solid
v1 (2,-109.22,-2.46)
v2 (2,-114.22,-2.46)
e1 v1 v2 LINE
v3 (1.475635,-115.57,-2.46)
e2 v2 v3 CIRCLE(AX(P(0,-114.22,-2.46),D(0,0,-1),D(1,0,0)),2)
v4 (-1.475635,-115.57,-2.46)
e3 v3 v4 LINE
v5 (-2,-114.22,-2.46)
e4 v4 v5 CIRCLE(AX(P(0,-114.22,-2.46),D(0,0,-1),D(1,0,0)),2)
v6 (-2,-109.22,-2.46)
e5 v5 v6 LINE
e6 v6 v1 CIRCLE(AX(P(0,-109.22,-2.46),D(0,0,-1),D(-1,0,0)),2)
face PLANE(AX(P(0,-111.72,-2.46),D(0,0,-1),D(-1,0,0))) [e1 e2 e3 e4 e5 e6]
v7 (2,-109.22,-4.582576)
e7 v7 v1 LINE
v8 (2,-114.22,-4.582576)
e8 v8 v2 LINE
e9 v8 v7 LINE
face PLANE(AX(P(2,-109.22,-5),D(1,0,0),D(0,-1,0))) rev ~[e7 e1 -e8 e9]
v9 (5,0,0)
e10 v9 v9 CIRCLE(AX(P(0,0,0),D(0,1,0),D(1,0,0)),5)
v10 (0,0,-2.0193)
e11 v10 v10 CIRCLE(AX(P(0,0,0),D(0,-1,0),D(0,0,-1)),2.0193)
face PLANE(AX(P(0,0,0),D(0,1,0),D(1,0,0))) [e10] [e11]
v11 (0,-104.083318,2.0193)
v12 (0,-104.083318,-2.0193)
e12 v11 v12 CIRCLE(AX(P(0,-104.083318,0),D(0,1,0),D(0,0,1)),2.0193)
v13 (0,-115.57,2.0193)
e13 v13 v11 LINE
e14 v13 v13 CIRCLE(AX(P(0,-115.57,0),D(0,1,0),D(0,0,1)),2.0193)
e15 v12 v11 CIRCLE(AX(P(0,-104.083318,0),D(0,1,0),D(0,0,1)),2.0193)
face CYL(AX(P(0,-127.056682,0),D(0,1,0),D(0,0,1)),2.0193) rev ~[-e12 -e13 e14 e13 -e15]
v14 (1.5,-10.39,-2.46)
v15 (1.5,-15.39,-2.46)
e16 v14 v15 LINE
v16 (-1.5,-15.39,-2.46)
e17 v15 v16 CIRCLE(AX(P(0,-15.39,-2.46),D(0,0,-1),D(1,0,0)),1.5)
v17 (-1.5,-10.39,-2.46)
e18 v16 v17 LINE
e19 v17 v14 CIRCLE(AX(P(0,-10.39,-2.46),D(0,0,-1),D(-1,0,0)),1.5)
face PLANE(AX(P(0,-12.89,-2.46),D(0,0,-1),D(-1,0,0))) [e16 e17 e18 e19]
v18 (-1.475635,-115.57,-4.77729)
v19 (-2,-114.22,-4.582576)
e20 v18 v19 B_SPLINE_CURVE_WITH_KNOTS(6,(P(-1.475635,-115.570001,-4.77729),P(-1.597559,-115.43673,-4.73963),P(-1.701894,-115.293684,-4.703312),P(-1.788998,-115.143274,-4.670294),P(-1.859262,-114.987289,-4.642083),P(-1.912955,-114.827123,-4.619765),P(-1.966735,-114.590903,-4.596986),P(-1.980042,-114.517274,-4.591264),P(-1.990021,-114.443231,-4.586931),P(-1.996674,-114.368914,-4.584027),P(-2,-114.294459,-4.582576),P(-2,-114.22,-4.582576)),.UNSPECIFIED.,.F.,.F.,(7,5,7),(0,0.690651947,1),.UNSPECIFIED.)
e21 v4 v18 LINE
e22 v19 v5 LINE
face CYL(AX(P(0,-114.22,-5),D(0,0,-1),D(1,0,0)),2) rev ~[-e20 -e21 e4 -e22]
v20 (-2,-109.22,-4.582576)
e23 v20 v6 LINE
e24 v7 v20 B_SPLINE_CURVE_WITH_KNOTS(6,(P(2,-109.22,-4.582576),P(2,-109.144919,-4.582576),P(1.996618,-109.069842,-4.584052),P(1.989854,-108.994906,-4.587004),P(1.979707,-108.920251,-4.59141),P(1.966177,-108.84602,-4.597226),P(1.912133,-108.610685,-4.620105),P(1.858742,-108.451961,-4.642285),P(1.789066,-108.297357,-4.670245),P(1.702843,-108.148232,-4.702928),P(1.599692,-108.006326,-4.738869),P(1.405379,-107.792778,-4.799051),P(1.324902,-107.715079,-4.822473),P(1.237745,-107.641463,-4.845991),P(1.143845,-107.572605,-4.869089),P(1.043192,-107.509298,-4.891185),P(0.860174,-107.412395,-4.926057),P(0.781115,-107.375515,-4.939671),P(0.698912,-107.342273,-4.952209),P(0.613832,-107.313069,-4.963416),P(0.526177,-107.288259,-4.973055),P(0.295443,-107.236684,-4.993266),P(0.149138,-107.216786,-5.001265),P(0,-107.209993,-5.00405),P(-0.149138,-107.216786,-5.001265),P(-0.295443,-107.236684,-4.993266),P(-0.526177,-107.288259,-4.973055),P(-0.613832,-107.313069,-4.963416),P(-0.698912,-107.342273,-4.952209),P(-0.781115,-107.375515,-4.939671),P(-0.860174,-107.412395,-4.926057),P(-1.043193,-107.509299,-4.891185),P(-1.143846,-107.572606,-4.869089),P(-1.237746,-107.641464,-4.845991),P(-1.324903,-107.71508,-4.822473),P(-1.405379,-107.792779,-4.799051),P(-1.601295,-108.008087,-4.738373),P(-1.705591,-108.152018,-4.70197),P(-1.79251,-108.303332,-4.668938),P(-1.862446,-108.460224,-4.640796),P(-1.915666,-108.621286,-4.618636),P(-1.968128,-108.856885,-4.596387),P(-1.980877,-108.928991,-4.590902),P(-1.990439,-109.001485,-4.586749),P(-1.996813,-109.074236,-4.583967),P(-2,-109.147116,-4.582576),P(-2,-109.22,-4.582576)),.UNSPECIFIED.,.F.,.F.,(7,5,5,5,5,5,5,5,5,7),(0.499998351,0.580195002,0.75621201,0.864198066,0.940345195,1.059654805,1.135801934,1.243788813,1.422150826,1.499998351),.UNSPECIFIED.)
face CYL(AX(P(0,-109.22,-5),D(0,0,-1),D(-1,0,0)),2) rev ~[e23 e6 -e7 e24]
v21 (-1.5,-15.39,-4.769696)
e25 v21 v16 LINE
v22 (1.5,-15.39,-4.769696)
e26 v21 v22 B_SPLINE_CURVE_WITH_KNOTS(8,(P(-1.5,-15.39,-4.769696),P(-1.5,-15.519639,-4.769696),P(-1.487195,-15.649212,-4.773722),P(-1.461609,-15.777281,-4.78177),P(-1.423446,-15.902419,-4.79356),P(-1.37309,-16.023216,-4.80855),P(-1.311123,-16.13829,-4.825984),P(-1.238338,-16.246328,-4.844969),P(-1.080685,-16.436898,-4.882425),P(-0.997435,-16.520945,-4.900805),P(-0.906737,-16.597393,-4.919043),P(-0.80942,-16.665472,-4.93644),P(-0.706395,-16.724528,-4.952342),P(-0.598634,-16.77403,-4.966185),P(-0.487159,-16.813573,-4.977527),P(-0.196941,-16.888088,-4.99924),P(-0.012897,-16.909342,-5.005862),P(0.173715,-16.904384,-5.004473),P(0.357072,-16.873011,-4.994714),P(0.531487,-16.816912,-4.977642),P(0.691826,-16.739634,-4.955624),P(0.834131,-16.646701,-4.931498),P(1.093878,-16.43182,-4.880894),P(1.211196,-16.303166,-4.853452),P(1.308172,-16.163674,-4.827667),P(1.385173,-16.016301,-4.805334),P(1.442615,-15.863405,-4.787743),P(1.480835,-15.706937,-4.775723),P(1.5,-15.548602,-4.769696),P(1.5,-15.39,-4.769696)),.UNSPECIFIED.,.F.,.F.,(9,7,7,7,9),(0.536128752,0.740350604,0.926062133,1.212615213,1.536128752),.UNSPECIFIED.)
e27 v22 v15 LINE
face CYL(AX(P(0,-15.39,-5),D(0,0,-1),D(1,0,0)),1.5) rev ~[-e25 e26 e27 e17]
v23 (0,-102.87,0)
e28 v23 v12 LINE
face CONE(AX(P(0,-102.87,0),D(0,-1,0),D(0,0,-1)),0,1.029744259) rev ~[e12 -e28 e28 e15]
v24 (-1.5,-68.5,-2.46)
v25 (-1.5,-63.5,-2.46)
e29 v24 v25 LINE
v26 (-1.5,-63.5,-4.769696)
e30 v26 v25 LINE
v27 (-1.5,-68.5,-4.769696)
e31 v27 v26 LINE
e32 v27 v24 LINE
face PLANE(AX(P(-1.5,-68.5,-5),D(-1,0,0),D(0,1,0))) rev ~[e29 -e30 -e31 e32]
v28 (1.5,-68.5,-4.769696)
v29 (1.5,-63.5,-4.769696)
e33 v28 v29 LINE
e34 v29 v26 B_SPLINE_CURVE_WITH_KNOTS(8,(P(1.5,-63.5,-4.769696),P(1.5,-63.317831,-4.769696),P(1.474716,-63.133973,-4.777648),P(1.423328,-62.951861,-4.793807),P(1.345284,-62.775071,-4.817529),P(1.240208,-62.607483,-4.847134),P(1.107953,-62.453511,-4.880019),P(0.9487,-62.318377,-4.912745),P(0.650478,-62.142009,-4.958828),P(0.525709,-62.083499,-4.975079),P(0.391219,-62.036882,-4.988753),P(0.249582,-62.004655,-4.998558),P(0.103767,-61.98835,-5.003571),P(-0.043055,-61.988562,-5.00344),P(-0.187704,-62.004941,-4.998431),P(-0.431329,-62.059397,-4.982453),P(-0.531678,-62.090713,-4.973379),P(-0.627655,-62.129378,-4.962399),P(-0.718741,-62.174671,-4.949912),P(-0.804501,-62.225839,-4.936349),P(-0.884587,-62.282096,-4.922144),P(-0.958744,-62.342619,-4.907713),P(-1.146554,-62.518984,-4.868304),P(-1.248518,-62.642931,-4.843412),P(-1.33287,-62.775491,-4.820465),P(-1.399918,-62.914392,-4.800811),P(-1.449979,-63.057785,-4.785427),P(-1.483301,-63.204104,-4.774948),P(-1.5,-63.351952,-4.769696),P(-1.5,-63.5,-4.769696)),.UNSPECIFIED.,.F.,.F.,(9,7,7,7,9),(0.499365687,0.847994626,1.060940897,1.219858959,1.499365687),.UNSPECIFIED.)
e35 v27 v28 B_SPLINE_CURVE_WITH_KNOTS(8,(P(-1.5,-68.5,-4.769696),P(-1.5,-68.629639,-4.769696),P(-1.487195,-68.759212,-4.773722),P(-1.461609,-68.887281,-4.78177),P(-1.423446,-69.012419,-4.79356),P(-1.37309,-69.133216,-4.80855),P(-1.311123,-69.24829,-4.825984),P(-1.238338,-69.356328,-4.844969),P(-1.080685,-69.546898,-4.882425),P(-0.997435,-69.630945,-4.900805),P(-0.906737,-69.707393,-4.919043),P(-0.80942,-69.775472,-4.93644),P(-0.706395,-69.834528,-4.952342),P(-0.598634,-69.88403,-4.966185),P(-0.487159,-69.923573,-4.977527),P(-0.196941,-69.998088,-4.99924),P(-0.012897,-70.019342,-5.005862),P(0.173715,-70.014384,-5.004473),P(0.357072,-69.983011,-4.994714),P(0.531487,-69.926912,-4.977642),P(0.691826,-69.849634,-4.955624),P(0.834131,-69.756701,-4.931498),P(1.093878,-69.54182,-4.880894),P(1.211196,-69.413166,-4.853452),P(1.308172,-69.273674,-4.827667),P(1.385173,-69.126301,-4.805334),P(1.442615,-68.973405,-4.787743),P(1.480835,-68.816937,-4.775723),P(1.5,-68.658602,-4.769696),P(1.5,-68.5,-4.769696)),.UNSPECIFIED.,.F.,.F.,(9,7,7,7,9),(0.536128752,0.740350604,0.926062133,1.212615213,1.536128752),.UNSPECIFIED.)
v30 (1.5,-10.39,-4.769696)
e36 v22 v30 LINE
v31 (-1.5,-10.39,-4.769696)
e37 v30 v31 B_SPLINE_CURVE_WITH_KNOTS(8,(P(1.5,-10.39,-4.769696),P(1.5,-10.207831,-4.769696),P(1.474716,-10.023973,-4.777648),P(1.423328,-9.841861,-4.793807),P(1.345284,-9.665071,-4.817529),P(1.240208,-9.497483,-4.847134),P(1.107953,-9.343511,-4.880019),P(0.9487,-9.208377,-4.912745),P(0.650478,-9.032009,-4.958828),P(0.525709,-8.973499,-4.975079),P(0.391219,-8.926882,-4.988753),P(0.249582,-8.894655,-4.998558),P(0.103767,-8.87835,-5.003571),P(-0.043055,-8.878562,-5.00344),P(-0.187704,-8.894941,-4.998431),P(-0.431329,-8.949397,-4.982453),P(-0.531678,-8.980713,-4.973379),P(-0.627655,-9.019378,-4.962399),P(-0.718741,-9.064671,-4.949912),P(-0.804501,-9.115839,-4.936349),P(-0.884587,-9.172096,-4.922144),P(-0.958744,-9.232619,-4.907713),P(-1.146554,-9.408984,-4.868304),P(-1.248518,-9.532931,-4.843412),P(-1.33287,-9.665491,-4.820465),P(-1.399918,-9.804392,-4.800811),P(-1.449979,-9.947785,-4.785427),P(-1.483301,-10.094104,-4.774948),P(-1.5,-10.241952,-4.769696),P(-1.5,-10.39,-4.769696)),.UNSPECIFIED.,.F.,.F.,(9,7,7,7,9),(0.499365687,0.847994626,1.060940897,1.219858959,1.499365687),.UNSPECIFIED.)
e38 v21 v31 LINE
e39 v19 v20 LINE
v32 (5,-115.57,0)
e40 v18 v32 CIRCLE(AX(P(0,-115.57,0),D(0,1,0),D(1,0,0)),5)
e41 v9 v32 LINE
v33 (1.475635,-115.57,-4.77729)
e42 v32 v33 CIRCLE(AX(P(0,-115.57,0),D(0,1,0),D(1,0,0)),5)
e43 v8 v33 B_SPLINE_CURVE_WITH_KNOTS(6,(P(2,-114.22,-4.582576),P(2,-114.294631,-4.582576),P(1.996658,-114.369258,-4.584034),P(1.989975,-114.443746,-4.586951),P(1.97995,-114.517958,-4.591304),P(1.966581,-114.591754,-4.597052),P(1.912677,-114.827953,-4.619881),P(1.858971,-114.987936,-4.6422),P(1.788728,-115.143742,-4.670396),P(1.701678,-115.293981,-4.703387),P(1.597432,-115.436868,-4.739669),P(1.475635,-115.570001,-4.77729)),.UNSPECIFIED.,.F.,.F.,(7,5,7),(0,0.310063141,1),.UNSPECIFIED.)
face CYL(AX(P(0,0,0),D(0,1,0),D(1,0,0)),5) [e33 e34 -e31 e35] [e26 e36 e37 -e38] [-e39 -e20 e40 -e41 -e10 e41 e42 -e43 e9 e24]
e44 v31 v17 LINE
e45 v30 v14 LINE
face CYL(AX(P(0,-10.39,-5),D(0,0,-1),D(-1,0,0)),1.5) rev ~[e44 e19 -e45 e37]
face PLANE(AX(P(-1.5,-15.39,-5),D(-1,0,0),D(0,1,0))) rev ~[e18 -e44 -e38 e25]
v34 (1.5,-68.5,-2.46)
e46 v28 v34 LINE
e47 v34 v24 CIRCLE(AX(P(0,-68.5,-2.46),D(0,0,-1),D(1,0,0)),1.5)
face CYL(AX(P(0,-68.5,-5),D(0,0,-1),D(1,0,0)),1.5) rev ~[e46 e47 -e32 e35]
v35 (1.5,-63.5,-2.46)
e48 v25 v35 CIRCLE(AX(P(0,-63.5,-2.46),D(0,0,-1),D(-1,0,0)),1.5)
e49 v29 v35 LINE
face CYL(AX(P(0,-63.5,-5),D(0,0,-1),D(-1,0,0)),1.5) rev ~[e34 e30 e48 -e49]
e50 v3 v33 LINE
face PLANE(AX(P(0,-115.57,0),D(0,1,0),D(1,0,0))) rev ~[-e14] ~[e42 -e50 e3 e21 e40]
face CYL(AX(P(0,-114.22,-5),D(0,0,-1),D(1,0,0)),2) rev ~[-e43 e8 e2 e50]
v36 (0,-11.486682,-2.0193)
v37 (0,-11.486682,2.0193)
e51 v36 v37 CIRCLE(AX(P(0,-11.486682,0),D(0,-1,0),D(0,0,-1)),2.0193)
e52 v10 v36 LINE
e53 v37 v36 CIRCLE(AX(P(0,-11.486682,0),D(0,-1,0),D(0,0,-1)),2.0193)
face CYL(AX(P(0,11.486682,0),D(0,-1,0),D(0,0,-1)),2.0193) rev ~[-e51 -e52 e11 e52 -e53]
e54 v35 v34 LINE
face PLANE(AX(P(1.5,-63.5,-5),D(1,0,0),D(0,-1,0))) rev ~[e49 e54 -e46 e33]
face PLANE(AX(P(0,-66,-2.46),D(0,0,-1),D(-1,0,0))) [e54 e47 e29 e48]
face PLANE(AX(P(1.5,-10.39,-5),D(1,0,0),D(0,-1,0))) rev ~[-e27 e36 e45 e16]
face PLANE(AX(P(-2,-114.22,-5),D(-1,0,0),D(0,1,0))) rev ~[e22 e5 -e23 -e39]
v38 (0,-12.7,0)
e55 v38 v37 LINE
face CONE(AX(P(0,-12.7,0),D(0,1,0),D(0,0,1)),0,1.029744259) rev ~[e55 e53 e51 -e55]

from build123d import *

# Parameters (mm, degrees)
SKETCH1_R                                = 5
BOSS_EXTRUDE2_DEPTH                      = 115.57
CUT_EXTRUDE1_DEPTH                       = 2.54
TAP_DRILL_FOR_10_32_TAP1_D               = 4.0386
TAP_DRILL_FOR_10_32_TAP1_DEPTH           = 11.486682152
TAP_DRILL_FOR_10_32_TAP1_TIP             = 1.213317848
TAP_DRILL_FOR_10_32_TAP1_ON_FACE_2_D     = 4.0386
TAP_DRILL_FOR_10_32_TAP1_ON_FACE_2_DEPTH = 11.486682152
TAP_DRILL_FOR_10_32_TAP1_ON_FACE_2_TIP   = 1.213317848


with BuildPart() as part:
    # Sketch1 → Boss-Extrude2 (new body)
    with BuildSketch(Plane(origin=(0, 0, 0), x_dir=(1, 0, 0), z_dir=(0, 1, 0))):
        Circle(SKETCH1_R)
    extrude(amount=-BOSS_EXTRUDE2_DEPTH)

    # Sketch2 → Cut-Extrude1 (cut)
    with BuildSketch(Plane(origin=(0, 0, -5), x_dir=(-1, 0, 0), z_dir=(0, 0, -1))):
        with BuildLine():
            Line((-2, -109.22), (-2, -114.22))
            ThreePointArc((-2, -114.22), (0, -116.22), (2, -114.22))
            Line((2, -114.22), (2, -109.22))
            ThreePointArc((2, -109.22), (0, -107.22), (-2, -109.22))
        make_face()
        with BuildLine():
            Line((-1.5, -63.5), (-1.5, -68.5))
            ThreePointArc((-1.5, -68.5), (0, -70), (1.5, -68.5))
            Line((1.5, -68.5), (1.5, -63.5))
            ThreePointArc((1.5, -63.5), (0, -62), (-1.5, -63.5))
        make_face()
        with BuildLine():
            Line((-1.5, -10.39), (-1.5, -15.39))
            ThreePointArc((-1.5, -15.39), (0, -16.89), (1.5, -15.39))
            Line((1.5, -15.39), (1.5, -10.39))
            ThreePointArc((1.5, -10.39), (0, -8.89), (-1.5, -10.39))
        make_face()
    extrude(amount=-CUT_EXTRUDE1_DEPTH, mode=Mode.SUBTRACT)

    # Tap Drill for #10-32 Tap1
    with Locations(Plane.ZX):
        with Locations((0, 0)):
            Hole(TAP_DRILL_FOR_10_32_TAP1_D / 2, depth=TAP_DRILL_FOR_10_32_TAP1_DEPTH)
            with Locations((0, 0, -(TAP_DRILL_FOR_10_32_TAP1_DEPTH + TAP_DRILL_FOR_10_32_TAP1_TIP / 2))):  # 118° drill point
                Cone(0, TAP_DRILL_FOR_10_32_TAP1_D / 2, TAP_DRILL_FOR_10_32_TAP1_TIP, mode=Mode.SUBTRACT)

    # Tap Drill for #10-32 Tap1 on face 2
    with Locations(Plane(origin=(0, -115.57, 0), x_dir=(0, 0, -1), z_dir=(0, -1, 0))):
        with Locations((0, 0)):
            Hole(TAP_DRILL_FOR_10_32_TAP1_ON_FACE_2_D / 2, depth=TAP_DRILL_FOR_10_32_TAP1_ON_FACE_2_DEPTH)
            with Locations((0, 0, -(TAP_DRILL_FOR_10_32_TAP1_ON_FACE_2_DEPTH + TAP_DRILL_FOR_10_32_TAP1_ON_FACE_2_TIP / 2))):  # 118° drill point
                Cone(0, TAP_DRILL_FOR_10_32_TAP1_ON_FACE_2_D / 2, TAP_DRILL_FOR_10_32_TAP1_ON_FACE_2_TIP, mode=Mode.SUBTRACT)


solid = part.part
